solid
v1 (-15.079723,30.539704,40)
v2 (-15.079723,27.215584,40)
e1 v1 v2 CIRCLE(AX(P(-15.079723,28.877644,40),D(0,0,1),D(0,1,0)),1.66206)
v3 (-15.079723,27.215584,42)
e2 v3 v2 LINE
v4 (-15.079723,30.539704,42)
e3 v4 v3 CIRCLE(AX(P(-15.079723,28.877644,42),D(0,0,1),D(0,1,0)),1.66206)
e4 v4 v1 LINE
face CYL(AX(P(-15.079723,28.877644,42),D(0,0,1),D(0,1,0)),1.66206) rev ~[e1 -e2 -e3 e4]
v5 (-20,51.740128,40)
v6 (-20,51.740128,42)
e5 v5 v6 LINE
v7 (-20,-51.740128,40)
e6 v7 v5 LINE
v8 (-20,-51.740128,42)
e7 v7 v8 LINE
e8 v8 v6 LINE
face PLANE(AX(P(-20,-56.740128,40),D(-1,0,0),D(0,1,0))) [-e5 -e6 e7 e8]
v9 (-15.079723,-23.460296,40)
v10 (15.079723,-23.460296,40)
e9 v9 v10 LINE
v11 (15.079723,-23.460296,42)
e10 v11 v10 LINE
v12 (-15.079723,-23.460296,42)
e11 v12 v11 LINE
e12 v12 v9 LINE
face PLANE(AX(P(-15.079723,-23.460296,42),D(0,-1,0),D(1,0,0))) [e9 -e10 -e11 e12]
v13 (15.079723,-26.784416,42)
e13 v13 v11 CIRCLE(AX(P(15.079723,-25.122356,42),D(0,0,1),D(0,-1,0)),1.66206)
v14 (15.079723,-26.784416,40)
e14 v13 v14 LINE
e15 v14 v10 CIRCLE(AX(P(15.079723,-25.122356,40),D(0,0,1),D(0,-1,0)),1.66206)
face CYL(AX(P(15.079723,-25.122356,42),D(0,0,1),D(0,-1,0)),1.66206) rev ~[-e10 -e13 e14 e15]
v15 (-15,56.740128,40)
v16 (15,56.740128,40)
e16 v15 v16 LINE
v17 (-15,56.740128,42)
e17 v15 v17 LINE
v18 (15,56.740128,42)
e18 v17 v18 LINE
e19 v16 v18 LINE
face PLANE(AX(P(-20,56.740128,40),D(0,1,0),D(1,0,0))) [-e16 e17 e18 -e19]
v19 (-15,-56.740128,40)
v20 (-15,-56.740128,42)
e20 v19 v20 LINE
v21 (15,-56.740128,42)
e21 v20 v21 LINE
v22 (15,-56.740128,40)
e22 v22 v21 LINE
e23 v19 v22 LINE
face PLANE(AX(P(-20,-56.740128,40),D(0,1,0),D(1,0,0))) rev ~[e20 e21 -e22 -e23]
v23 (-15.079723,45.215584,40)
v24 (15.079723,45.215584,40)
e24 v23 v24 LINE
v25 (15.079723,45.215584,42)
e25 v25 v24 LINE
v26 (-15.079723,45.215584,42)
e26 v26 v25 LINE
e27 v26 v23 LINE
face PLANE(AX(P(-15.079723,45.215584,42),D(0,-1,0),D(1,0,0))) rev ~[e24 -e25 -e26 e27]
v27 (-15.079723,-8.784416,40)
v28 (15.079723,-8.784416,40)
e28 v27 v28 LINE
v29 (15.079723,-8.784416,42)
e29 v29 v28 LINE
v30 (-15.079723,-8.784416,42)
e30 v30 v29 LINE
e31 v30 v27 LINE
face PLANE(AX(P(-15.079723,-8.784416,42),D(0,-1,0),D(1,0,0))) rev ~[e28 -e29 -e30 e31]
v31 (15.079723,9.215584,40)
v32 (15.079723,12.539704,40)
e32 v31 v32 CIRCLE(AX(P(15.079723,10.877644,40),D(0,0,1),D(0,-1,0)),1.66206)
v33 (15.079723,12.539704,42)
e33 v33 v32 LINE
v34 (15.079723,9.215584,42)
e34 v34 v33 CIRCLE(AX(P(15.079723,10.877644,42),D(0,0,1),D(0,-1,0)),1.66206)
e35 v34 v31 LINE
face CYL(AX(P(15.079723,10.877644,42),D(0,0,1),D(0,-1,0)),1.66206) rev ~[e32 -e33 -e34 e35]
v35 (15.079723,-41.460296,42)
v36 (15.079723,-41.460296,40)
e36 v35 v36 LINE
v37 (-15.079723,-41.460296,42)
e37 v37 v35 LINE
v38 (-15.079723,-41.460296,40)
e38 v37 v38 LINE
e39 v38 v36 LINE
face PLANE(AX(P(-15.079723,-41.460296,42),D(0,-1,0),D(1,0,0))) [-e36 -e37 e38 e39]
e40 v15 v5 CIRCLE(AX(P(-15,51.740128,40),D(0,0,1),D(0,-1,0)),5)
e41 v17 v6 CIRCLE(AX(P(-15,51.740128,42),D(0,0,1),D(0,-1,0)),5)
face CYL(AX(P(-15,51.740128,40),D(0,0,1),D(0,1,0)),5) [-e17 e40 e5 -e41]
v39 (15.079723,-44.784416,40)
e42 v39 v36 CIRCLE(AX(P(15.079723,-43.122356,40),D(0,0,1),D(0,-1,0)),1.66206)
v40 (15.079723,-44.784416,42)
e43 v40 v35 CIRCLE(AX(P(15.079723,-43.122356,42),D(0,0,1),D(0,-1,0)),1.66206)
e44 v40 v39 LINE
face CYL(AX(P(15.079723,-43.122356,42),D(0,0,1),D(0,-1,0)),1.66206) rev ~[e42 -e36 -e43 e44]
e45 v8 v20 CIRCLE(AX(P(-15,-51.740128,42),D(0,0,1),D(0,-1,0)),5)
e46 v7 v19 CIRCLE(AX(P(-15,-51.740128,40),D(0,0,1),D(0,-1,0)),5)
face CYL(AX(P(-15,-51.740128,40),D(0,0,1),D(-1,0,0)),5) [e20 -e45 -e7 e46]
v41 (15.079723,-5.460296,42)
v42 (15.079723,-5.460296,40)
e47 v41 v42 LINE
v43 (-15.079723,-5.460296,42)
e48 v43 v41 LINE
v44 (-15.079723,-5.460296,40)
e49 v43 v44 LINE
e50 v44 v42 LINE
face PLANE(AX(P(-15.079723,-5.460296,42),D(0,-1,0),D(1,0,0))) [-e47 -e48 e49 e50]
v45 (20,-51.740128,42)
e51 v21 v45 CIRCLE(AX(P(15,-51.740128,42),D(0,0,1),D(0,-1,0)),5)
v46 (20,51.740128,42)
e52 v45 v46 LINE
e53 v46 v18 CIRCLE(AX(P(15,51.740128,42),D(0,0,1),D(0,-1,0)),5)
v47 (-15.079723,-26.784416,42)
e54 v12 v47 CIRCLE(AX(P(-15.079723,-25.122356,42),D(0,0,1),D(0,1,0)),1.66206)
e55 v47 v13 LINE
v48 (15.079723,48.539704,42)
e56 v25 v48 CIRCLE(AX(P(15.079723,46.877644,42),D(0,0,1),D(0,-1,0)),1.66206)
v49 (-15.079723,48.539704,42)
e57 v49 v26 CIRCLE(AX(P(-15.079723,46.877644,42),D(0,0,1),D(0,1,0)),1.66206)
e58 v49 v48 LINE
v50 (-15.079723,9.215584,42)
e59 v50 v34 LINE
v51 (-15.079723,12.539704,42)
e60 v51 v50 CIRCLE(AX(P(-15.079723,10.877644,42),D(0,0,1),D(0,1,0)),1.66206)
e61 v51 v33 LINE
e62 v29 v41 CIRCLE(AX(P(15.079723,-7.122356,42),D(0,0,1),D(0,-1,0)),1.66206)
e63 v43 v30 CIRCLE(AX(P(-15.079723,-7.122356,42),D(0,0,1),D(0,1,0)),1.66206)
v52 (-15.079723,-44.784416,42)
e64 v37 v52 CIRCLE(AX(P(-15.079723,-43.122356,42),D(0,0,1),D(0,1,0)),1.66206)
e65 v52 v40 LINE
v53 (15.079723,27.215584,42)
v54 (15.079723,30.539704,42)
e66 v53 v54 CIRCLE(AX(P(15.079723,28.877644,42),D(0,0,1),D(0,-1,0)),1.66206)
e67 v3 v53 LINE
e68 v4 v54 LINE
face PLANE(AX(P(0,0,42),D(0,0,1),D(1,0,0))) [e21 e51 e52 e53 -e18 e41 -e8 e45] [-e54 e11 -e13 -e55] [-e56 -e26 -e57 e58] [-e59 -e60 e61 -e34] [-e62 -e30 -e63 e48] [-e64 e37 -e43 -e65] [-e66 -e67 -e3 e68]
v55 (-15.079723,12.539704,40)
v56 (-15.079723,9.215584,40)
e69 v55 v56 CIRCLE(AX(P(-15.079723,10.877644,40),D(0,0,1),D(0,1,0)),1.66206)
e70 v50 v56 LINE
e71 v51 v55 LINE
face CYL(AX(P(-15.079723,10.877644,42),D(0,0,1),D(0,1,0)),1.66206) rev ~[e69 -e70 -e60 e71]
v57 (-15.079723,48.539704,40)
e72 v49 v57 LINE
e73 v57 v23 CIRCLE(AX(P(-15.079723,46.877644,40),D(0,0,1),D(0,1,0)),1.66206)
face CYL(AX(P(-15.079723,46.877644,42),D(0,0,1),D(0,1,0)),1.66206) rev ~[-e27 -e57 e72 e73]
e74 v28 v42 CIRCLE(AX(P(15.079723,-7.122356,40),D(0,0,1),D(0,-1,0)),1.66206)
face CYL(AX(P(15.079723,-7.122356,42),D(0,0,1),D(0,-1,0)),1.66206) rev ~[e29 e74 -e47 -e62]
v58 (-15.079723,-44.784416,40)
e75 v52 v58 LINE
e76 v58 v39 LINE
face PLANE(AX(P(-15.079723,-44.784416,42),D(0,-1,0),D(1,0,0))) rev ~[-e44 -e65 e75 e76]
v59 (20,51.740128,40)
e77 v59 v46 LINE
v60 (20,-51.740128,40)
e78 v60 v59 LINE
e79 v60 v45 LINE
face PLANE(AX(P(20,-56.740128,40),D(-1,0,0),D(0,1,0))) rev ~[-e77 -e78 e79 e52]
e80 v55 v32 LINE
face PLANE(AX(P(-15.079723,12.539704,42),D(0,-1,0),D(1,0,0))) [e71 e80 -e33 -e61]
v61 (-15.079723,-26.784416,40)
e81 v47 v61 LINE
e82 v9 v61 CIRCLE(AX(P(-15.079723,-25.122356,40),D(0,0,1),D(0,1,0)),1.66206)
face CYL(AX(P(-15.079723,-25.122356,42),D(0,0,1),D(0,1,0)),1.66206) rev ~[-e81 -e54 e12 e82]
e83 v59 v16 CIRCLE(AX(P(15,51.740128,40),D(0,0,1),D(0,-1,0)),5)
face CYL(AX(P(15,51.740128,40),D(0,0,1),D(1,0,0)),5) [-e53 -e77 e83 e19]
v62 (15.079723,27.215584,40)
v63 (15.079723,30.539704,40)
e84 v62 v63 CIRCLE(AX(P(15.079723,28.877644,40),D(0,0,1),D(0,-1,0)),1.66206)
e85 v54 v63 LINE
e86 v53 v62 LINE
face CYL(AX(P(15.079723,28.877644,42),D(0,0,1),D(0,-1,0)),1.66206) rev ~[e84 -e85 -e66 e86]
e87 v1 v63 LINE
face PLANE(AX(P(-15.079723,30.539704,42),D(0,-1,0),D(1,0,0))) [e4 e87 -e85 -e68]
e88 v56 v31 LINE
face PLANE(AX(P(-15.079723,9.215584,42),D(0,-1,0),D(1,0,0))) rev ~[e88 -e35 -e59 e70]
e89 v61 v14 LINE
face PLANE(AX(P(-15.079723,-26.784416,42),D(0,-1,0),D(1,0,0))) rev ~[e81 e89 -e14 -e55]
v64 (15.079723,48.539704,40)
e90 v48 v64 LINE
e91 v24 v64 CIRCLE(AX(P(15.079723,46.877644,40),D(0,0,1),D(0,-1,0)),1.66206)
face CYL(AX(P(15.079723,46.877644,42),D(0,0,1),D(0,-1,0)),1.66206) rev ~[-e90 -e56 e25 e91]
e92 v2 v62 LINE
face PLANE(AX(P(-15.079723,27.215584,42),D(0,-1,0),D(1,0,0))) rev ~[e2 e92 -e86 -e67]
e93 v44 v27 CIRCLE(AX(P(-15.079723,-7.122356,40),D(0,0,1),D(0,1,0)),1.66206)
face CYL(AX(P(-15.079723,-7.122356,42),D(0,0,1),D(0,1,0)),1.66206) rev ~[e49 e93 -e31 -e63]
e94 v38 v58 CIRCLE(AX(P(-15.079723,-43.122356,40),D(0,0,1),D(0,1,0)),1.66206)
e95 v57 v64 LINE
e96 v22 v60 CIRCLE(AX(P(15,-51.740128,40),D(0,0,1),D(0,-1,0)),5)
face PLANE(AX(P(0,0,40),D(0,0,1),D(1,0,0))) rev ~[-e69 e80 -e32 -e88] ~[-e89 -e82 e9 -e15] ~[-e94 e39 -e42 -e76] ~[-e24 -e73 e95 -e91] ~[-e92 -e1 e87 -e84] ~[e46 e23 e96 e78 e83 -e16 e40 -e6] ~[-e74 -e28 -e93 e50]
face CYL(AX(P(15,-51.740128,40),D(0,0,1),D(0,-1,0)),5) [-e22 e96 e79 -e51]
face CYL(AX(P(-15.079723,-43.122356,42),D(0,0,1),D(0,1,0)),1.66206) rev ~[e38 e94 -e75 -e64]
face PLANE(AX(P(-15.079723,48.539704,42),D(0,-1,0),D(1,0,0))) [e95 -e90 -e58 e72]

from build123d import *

# Parameters (mm, degrees)
SKETCH006_W            = 40
SKETCH006_H            = 113.480256
PAD001_DEPTH           = 2
FILLET_R               = 5
FILLET001_R            = 5
FILLET002_R            = 5
FILLET003_R            = 5
POCKET003_DEPTH        = 242.68144
LINEARPATTERN001_COUNT = 6
LINEARPATTERN001_PITCH = 18


with BuildPart() as part:
    # Sketch006 → Pad001 (new body)
    with BuildSketch(Plane.XY.offset(40)):
        Rectangle(SKETCH006_W, SKETCH006_H)
    extrude(amount=PAD001_DEPTH)

    # Fillet
    fillet_edges = [part.edges().sort_by_distance(p)[0] for p in [
        (20, 56.740128, 41),
    ]]
    fillet(fillet_edges, radius=FILLET_R)

    # Fillet001
    fillet001_edges = [part.edges().sort_by_distance(p)[0] for p in [
        (-20, 56.740128, 41),
    ]]
    fillet(fillet001_edges, radius=FILLET001_R)

    # Fillet002
    fillet002_edges = [part.edges().sort_by_distance(p)[0] for p in [
        (-20, -56.740128, 41),
    ]]
    fillet(fillet002_edges, radius=FILLET002_R)

    # Fillet003
    fillet003_edges = [part.edges().sort_by_distance(p)[0] for p in [
        (20, -56.740128, 41),
    ]]
    fillet(fillet003_edges, radius=FILLET003_R)

    # Sketch007 → Pocket003 (cut, through all)
    with BuildSketch(Plane.XY.offset(42)):
        with BuildLine():
            ThreePointArc((-15.079723, 48.539704), (-16.741783, 46.877644), (-15.079723, 45.215584))
            Line((-15.079723, 45.215584), (15.079723, 45.215584))
            ThreePointArc((15.079723, 45.215584), (16.741783, 46.877644), (15.079723, 48.539704))
            Line((-15.079723, 48.539704), (15.079723, 48.539704))
        make_face()
    pocket003 = extrude(amount=-POCKET003_DEPTH, mode=Mode.SUBTRACT)

    # LinearPattern001: Pocket003 ×6
    with Locations(*[(0, -i * LINEARPATTERN001_PITCH, 0) for i in range(1, LINEARPATTERN001_COUNT)]):
        add(pocket003, mode=Mode.SUBTRACT)


solid = part.part
